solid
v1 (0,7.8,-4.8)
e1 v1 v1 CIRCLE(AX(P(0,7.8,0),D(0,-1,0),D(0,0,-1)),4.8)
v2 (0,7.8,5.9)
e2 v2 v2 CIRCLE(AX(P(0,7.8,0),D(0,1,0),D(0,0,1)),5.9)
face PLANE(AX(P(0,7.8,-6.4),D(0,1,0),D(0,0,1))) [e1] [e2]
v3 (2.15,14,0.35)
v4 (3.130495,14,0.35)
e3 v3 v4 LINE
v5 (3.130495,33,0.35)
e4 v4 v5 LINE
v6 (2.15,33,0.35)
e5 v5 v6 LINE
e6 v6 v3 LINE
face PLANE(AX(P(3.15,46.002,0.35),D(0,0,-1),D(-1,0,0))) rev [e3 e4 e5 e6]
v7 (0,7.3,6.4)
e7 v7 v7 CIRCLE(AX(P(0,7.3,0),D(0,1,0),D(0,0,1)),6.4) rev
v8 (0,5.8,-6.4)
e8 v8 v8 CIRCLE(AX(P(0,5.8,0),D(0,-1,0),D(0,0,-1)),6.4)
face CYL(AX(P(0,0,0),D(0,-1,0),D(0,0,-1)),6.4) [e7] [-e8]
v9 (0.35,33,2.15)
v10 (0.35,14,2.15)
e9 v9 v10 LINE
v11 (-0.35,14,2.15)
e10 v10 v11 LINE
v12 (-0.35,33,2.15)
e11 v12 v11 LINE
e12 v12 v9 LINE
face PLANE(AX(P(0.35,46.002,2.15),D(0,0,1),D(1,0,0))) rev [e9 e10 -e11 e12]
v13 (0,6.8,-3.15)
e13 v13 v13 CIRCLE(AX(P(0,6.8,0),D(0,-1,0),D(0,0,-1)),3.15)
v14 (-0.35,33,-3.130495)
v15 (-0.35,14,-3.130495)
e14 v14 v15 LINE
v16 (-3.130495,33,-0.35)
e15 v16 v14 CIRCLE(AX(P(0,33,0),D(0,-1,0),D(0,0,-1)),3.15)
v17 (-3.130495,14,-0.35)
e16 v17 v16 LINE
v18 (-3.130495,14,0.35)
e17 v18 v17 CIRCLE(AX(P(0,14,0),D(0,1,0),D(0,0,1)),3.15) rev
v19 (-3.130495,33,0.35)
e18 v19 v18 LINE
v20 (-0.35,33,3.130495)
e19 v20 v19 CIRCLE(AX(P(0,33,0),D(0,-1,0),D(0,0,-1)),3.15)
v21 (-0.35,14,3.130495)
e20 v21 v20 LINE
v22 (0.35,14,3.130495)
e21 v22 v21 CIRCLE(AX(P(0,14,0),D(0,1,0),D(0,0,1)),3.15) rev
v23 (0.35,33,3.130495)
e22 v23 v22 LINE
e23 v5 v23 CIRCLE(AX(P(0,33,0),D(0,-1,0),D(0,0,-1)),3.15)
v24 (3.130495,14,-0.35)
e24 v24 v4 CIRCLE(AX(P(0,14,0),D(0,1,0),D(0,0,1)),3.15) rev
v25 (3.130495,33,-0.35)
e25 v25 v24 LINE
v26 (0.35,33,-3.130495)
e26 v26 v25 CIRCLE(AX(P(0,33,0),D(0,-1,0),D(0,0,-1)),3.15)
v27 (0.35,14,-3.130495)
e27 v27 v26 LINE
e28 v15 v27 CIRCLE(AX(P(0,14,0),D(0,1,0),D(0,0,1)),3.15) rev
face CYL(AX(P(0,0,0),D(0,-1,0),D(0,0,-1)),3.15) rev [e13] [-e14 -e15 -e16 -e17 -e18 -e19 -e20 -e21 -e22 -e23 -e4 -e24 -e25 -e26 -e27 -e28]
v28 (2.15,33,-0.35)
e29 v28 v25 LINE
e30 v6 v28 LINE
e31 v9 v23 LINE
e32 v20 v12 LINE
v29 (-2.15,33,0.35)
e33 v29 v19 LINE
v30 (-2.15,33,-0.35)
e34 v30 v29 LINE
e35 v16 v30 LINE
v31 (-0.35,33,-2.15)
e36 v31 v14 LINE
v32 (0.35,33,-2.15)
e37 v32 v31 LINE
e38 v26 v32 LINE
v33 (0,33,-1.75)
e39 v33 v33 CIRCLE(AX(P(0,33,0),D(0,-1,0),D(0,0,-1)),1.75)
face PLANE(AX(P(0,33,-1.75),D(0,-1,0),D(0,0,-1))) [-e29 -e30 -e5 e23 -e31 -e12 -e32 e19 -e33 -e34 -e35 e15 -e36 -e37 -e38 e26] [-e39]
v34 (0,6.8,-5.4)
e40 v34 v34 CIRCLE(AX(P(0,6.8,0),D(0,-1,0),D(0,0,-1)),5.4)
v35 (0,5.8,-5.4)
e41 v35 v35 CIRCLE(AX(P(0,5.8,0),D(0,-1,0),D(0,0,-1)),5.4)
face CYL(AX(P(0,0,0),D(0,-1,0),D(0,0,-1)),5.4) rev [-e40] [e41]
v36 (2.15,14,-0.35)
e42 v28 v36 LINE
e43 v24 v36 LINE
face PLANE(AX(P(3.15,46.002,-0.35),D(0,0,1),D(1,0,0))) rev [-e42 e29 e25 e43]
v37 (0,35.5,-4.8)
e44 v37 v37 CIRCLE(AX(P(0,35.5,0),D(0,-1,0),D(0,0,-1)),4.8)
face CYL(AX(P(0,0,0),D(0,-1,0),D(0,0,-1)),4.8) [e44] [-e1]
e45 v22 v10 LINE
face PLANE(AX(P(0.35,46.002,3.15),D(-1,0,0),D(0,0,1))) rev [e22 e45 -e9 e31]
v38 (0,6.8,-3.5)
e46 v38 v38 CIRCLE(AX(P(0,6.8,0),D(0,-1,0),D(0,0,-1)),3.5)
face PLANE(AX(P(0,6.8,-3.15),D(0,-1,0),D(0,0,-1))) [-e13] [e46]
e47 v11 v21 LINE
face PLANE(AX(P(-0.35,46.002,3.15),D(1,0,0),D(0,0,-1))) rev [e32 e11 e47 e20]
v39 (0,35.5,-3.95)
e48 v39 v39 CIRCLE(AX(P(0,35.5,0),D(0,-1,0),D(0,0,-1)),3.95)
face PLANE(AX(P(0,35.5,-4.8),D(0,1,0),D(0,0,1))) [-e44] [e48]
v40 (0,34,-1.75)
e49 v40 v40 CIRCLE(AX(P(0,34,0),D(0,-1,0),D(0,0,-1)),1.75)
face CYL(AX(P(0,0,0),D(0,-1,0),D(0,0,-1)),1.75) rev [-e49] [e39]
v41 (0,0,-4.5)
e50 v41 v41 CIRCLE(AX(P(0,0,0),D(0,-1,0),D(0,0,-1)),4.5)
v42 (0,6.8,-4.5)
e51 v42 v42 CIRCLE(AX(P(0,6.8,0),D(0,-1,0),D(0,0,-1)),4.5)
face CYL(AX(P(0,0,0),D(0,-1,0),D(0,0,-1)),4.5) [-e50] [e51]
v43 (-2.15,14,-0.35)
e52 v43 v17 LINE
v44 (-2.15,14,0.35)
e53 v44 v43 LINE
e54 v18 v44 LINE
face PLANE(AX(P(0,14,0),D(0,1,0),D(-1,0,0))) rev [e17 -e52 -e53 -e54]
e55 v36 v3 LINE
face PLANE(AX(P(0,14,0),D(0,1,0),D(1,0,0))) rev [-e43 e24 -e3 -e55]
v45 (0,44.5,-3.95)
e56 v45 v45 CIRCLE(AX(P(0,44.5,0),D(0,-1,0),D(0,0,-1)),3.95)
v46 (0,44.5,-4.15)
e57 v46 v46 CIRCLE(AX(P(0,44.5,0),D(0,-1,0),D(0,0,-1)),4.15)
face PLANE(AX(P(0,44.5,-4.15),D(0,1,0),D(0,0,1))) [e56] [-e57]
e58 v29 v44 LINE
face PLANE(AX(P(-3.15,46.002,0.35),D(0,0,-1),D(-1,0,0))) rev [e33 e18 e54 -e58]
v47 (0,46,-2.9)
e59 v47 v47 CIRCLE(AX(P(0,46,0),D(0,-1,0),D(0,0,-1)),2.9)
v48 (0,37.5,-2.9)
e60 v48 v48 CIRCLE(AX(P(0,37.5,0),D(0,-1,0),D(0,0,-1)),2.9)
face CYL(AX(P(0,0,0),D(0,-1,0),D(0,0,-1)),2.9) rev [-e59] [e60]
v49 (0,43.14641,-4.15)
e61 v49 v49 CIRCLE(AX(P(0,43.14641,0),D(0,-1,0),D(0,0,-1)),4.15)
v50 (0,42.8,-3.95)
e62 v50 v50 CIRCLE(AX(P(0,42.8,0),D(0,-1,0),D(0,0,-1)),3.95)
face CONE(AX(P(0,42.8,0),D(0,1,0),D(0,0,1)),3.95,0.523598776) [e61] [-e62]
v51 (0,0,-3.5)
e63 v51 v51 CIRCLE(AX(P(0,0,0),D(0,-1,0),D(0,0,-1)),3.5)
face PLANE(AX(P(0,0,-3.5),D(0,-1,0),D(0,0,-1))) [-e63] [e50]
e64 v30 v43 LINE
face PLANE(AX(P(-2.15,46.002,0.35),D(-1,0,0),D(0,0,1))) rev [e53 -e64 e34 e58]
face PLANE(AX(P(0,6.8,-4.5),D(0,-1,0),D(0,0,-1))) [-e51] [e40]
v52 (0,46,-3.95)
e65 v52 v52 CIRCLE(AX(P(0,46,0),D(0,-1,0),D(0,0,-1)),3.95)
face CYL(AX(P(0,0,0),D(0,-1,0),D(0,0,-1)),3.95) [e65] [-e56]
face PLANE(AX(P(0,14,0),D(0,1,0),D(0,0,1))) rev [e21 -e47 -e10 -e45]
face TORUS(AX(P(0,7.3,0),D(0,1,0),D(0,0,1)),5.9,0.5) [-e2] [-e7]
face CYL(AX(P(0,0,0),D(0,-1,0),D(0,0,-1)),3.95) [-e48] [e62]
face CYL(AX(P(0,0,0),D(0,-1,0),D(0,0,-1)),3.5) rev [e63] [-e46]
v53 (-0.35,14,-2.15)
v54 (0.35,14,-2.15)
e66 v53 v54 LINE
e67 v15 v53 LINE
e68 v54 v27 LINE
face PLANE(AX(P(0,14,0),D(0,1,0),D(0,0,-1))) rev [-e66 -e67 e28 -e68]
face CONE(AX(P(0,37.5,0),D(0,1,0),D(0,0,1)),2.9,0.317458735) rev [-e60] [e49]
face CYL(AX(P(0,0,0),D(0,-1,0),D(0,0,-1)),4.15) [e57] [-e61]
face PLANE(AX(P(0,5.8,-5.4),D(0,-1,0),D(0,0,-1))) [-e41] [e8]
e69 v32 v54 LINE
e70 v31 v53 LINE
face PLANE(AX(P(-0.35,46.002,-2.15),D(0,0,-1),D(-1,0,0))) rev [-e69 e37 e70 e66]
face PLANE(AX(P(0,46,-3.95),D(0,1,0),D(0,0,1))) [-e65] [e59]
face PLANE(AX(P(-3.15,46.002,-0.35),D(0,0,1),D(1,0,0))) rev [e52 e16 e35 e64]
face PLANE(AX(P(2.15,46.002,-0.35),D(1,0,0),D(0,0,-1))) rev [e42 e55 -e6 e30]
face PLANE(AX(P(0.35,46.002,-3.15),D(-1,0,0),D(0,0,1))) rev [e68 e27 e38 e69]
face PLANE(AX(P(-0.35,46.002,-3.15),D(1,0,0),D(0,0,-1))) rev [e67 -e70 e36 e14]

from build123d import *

# Parameters (mm, degrees)
FILLET1_R           = 0.5
BOSS_EXTRUDE1_REACH = 62.882
BOSS_EXTRUDE1_START = 14
SKETCH2_W           = 0.7
SKETCH2_H           = 1
CIRPATTERN1_COUNT   = 4


with BuildPart() as part:
    # Sketch1 → Revolve1 (revolve)
    with BuildSketch(Plane(origin=(0, 0, 0), x_dir=(0, 0, -1), z_dir=(1, 0, 0))):
        Polygon((3.15, 33), (3.15, 6.8), (3.5, 6.8), (3.5, 0), (4.5, 0), (4.5, 6.8), (5.4, 6.8), (5.4, 5.8), (6.4, 5.8), (6.4, 7.8), (4.8, 7.8), (4.8, 35.5), (3.95, 35.5), (3.95, 42.8), (4.15, 43.146410162), (4.15, 44.5), (3.95, 44.5), (3.95, 46), (2.9, 46), (2.9, 37.5), (1.75, 34), (1.75, 33), align=None)
    revolve(axis=Axis((0, 0, 0), (0, 1, 0)))

    # Fillet1
    fillet1_edges = [part.edges().sort_by_distance(p)[0] for p in [
        (0, 7.8, 6.4),
    ]]
    fillet(fillet1_edges, radius=FILLET1_R)

    # Sketch2 → Boss-Extrude1 (add, up to next)
    with BuildSketch(Plane(origin=(0, 0, 0), x_dir=(-1, 0, 0), z_dir=(0, 1, 0)).offset(BOSS_EXTRUDE1_START), mode=Mode.PRIVATE) as boss_extrude1_sk1:
        with Locations((0, 2.65)):
            Rectangle(SKETCH2_W, SKETCH2_H)
    boss_extrude1_tool1 = extrude(boss_extrude1_sk1.sketch, amount=BOSS_EXTRUDE1_REACH, mode=Mode.PRIVATE) - part.part
    boss_extrude1 = boss_extrude1_tool1.solids().sort_by_distance((0, 14, 2.65))[0]
    add(boss_extrude1)

    # CirPattern1: Boss-Extrude1 ×4 about axis
    cirpattern1_axis = Axis((0, 0, 0), (0, 1, 0))
    for i in range(1, CIRPATTERN1_COUNT):
        add(boss_extrude1.rotate(cirpattern1_axis, i * 360 / CIRPATTERN1_COUNT))


solid = part.part
